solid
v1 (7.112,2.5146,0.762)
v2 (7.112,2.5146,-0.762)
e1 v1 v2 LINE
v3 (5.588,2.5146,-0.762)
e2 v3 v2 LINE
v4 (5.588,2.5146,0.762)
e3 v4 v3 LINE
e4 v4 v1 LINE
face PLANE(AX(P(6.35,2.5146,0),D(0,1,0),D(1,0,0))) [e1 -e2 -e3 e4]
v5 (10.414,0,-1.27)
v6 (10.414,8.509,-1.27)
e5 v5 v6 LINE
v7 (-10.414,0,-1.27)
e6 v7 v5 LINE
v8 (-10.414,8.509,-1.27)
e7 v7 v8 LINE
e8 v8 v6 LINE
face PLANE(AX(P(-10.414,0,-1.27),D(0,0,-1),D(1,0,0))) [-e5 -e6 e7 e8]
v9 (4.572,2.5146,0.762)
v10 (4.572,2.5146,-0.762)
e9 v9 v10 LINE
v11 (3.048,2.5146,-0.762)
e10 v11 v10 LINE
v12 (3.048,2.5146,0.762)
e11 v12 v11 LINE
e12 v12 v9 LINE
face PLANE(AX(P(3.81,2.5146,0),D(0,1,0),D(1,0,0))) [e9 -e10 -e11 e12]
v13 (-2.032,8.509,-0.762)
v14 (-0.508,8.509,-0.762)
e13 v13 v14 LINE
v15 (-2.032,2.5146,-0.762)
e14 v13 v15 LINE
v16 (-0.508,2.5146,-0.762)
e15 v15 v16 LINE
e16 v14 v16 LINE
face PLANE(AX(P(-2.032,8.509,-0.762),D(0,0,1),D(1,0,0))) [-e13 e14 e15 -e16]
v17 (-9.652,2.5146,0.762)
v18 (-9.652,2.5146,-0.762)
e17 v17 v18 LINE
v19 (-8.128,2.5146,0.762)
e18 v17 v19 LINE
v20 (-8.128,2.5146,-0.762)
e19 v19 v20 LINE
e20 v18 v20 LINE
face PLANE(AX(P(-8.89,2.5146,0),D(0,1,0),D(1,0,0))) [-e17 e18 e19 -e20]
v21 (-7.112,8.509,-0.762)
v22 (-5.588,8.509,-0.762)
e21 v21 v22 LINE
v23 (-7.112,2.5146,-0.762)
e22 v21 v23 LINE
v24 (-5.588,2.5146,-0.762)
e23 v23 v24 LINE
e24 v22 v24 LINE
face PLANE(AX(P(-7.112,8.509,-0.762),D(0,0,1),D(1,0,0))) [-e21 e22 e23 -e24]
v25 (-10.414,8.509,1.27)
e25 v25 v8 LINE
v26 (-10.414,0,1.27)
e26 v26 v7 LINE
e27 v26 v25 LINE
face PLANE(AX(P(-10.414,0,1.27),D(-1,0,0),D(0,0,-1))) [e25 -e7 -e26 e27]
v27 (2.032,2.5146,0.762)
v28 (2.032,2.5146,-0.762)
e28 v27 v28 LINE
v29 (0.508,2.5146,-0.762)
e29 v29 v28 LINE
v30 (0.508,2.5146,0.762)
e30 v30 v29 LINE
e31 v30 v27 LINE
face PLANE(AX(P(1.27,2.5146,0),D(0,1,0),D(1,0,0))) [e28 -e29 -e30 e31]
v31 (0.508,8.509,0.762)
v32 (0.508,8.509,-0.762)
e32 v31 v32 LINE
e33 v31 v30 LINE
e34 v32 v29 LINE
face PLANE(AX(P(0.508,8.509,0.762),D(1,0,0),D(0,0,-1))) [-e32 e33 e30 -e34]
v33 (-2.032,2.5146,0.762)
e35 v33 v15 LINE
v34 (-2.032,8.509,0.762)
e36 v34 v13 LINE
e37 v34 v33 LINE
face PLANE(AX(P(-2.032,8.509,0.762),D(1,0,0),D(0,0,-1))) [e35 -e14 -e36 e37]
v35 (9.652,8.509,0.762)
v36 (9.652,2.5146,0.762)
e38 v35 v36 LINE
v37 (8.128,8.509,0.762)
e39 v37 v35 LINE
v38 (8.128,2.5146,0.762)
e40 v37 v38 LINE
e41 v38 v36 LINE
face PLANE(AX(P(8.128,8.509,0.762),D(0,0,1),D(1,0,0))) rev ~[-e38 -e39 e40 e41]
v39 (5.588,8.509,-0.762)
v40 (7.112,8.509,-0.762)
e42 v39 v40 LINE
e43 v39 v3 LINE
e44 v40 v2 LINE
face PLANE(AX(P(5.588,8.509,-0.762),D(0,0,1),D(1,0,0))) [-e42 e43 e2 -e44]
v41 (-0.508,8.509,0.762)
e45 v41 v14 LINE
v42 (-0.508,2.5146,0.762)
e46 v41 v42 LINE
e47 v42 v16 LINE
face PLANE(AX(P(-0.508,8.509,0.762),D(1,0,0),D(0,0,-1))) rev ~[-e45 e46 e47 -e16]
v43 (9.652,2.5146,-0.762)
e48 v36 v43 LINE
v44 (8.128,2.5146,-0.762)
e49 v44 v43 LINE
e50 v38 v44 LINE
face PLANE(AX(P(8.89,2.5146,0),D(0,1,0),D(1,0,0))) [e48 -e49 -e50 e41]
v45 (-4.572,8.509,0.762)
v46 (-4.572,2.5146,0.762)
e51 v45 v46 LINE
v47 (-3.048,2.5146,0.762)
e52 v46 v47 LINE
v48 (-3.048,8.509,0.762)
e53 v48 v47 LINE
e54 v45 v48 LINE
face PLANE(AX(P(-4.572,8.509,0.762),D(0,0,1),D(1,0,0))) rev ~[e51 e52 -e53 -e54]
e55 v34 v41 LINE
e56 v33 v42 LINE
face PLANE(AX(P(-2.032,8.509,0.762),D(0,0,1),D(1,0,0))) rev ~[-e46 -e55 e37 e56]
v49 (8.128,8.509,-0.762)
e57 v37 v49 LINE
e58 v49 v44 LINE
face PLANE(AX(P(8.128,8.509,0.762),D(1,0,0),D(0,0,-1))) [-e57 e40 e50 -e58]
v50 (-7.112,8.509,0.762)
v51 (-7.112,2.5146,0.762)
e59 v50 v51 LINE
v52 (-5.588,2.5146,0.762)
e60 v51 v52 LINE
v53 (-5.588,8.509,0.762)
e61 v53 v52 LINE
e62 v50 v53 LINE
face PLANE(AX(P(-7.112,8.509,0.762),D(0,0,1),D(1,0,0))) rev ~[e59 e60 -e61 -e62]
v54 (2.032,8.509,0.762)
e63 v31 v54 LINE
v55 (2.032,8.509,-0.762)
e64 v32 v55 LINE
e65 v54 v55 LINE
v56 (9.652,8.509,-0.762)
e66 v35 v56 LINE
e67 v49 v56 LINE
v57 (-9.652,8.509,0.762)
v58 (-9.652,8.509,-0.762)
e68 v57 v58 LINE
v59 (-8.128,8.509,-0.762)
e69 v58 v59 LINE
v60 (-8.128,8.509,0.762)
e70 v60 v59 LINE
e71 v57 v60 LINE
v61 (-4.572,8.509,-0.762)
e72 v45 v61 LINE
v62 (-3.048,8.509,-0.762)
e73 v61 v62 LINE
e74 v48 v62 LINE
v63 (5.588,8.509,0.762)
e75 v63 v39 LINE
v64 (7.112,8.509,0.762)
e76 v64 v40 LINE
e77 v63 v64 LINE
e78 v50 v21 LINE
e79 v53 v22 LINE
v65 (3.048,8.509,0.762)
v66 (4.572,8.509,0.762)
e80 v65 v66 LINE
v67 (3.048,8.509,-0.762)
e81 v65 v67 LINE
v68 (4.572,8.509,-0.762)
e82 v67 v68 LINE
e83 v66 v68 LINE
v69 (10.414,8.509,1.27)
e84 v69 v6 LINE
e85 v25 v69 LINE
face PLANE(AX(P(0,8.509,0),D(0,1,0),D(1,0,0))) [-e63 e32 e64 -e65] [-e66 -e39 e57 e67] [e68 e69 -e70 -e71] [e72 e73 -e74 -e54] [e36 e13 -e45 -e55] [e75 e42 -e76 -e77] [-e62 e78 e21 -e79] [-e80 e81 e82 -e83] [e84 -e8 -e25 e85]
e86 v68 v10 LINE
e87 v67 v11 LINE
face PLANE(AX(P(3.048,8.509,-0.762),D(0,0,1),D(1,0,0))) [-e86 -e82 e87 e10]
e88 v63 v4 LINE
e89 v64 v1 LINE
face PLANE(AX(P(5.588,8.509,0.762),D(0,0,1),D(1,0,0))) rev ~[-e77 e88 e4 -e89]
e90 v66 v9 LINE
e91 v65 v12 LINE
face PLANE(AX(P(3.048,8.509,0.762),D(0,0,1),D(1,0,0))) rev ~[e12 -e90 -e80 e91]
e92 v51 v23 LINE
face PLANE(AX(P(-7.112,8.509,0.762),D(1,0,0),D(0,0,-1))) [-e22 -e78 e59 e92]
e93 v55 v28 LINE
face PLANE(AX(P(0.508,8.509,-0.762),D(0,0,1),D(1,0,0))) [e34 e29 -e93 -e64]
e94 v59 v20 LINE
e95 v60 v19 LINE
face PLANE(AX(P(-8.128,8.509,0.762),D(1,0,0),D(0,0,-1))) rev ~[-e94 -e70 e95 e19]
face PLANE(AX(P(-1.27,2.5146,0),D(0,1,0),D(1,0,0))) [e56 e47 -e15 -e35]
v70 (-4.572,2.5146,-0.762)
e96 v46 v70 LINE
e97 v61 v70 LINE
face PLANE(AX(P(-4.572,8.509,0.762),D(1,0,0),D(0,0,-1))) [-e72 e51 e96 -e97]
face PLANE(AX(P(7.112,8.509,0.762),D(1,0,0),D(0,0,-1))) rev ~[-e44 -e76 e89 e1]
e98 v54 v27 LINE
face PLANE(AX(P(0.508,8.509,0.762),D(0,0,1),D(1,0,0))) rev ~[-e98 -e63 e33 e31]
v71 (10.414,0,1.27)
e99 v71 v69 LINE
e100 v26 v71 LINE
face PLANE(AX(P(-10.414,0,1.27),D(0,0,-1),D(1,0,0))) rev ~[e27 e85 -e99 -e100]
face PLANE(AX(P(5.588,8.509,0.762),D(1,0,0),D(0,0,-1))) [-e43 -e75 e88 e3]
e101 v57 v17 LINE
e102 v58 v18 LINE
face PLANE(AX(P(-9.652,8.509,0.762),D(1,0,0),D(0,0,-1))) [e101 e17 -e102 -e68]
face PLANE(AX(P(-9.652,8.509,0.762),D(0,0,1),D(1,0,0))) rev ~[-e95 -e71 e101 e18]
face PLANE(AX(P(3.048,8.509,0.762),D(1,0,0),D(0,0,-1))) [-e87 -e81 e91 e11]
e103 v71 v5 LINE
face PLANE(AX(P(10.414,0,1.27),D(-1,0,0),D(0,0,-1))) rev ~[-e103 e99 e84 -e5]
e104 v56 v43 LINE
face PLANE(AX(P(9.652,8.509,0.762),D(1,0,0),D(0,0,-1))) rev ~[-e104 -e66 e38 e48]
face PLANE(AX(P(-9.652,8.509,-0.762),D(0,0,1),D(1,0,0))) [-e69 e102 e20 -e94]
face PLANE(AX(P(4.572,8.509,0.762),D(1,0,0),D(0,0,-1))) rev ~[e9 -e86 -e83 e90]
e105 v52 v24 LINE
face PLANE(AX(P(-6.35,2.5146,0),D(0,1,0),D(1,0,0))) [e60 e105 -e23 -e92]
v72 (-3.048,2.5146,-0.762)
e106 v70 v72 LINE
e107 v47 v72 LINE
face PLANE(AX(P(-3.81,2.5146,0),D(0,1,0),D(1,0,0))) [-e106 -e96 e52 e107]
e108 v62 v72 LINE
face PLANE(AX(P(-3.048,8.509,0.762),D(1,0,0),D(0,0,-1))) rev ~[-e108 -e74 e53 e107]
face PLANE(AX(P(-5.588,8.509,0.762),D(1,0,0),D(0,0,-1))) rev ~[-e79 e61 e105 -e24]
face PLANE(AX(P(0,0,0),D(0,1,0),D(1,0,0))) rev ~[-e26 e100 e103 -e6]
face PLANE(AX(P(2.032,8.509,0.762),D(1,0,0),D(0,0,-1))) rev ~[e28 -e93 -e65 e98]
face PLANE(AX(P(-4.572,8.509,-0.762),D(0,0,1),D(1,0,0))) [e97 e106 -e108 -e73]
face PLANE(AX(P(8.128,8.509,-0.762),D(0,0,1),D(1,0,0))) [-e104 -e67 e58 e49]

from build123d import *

# Parameters (mm, degrees)
SKETCH1_W           = 20.828
SKETCH1_H           = 2.54
BOSS_EXTRUDE1_DEPTH = 8.509
SKETCH2_W           = 1.524
SKETCH2_H           = 1.524
CUT_EXTRUDE1_DEPTH  = 5.9944


with BuildPart() as part:
    # Sketch1 → Boss-Extrude1 (new body)
    with BuildSketch(Plane(origin=(0, 0, 0), x_dir=(1, 0, 0), z_dir=(0, 1, 0))):
        Rectangle(SKETCH1_W, SKETCH1_H)
    extrude(amount=BOSS_EXTRUDE1_DEPTH)

    # Sketch2 → Cut-Extrude1 (cut)
    with BuildSketch(Plane(origin=(0, 8.509, 0), x_dir=(1, 0, 0), z_dir=(0, 1, 0))):
        with Locations((-1.27, 0)):
            Rectangle(SKETCH2_W, SKETCH2_H)
        with Locations((-3.81, 0)):
            Rectangle(SKETCH2_W, SKETCH2_H)
        with Locations((-6.35, 0)):
            Rectangle(SKETCH2_W, SKETCH2_H)
        with Locations((-8.89, 0)):
            Rectangle(SKETCH2_W, SKETCH2_H)
        with Locations((1.27, 0)):
            Rectangle(SKETCH2_W, SKETCH2_H)
        with Locations((3.81, 0)):
            Rectangle(SKETCH2_W, SKETCH2_H)
        with Locations((6.35, 0)):
            Rectangle(SKETCH2_W, SKETCH2_H)
        with Locations((8.89, 0)):
            Rectangle(SKETCH2_W, SKETCH2_H)
    extrude(amount=-CUT_EXTRUDE1_DEPTH, mode=Mode.SUBTRACT)


solid = part.part
